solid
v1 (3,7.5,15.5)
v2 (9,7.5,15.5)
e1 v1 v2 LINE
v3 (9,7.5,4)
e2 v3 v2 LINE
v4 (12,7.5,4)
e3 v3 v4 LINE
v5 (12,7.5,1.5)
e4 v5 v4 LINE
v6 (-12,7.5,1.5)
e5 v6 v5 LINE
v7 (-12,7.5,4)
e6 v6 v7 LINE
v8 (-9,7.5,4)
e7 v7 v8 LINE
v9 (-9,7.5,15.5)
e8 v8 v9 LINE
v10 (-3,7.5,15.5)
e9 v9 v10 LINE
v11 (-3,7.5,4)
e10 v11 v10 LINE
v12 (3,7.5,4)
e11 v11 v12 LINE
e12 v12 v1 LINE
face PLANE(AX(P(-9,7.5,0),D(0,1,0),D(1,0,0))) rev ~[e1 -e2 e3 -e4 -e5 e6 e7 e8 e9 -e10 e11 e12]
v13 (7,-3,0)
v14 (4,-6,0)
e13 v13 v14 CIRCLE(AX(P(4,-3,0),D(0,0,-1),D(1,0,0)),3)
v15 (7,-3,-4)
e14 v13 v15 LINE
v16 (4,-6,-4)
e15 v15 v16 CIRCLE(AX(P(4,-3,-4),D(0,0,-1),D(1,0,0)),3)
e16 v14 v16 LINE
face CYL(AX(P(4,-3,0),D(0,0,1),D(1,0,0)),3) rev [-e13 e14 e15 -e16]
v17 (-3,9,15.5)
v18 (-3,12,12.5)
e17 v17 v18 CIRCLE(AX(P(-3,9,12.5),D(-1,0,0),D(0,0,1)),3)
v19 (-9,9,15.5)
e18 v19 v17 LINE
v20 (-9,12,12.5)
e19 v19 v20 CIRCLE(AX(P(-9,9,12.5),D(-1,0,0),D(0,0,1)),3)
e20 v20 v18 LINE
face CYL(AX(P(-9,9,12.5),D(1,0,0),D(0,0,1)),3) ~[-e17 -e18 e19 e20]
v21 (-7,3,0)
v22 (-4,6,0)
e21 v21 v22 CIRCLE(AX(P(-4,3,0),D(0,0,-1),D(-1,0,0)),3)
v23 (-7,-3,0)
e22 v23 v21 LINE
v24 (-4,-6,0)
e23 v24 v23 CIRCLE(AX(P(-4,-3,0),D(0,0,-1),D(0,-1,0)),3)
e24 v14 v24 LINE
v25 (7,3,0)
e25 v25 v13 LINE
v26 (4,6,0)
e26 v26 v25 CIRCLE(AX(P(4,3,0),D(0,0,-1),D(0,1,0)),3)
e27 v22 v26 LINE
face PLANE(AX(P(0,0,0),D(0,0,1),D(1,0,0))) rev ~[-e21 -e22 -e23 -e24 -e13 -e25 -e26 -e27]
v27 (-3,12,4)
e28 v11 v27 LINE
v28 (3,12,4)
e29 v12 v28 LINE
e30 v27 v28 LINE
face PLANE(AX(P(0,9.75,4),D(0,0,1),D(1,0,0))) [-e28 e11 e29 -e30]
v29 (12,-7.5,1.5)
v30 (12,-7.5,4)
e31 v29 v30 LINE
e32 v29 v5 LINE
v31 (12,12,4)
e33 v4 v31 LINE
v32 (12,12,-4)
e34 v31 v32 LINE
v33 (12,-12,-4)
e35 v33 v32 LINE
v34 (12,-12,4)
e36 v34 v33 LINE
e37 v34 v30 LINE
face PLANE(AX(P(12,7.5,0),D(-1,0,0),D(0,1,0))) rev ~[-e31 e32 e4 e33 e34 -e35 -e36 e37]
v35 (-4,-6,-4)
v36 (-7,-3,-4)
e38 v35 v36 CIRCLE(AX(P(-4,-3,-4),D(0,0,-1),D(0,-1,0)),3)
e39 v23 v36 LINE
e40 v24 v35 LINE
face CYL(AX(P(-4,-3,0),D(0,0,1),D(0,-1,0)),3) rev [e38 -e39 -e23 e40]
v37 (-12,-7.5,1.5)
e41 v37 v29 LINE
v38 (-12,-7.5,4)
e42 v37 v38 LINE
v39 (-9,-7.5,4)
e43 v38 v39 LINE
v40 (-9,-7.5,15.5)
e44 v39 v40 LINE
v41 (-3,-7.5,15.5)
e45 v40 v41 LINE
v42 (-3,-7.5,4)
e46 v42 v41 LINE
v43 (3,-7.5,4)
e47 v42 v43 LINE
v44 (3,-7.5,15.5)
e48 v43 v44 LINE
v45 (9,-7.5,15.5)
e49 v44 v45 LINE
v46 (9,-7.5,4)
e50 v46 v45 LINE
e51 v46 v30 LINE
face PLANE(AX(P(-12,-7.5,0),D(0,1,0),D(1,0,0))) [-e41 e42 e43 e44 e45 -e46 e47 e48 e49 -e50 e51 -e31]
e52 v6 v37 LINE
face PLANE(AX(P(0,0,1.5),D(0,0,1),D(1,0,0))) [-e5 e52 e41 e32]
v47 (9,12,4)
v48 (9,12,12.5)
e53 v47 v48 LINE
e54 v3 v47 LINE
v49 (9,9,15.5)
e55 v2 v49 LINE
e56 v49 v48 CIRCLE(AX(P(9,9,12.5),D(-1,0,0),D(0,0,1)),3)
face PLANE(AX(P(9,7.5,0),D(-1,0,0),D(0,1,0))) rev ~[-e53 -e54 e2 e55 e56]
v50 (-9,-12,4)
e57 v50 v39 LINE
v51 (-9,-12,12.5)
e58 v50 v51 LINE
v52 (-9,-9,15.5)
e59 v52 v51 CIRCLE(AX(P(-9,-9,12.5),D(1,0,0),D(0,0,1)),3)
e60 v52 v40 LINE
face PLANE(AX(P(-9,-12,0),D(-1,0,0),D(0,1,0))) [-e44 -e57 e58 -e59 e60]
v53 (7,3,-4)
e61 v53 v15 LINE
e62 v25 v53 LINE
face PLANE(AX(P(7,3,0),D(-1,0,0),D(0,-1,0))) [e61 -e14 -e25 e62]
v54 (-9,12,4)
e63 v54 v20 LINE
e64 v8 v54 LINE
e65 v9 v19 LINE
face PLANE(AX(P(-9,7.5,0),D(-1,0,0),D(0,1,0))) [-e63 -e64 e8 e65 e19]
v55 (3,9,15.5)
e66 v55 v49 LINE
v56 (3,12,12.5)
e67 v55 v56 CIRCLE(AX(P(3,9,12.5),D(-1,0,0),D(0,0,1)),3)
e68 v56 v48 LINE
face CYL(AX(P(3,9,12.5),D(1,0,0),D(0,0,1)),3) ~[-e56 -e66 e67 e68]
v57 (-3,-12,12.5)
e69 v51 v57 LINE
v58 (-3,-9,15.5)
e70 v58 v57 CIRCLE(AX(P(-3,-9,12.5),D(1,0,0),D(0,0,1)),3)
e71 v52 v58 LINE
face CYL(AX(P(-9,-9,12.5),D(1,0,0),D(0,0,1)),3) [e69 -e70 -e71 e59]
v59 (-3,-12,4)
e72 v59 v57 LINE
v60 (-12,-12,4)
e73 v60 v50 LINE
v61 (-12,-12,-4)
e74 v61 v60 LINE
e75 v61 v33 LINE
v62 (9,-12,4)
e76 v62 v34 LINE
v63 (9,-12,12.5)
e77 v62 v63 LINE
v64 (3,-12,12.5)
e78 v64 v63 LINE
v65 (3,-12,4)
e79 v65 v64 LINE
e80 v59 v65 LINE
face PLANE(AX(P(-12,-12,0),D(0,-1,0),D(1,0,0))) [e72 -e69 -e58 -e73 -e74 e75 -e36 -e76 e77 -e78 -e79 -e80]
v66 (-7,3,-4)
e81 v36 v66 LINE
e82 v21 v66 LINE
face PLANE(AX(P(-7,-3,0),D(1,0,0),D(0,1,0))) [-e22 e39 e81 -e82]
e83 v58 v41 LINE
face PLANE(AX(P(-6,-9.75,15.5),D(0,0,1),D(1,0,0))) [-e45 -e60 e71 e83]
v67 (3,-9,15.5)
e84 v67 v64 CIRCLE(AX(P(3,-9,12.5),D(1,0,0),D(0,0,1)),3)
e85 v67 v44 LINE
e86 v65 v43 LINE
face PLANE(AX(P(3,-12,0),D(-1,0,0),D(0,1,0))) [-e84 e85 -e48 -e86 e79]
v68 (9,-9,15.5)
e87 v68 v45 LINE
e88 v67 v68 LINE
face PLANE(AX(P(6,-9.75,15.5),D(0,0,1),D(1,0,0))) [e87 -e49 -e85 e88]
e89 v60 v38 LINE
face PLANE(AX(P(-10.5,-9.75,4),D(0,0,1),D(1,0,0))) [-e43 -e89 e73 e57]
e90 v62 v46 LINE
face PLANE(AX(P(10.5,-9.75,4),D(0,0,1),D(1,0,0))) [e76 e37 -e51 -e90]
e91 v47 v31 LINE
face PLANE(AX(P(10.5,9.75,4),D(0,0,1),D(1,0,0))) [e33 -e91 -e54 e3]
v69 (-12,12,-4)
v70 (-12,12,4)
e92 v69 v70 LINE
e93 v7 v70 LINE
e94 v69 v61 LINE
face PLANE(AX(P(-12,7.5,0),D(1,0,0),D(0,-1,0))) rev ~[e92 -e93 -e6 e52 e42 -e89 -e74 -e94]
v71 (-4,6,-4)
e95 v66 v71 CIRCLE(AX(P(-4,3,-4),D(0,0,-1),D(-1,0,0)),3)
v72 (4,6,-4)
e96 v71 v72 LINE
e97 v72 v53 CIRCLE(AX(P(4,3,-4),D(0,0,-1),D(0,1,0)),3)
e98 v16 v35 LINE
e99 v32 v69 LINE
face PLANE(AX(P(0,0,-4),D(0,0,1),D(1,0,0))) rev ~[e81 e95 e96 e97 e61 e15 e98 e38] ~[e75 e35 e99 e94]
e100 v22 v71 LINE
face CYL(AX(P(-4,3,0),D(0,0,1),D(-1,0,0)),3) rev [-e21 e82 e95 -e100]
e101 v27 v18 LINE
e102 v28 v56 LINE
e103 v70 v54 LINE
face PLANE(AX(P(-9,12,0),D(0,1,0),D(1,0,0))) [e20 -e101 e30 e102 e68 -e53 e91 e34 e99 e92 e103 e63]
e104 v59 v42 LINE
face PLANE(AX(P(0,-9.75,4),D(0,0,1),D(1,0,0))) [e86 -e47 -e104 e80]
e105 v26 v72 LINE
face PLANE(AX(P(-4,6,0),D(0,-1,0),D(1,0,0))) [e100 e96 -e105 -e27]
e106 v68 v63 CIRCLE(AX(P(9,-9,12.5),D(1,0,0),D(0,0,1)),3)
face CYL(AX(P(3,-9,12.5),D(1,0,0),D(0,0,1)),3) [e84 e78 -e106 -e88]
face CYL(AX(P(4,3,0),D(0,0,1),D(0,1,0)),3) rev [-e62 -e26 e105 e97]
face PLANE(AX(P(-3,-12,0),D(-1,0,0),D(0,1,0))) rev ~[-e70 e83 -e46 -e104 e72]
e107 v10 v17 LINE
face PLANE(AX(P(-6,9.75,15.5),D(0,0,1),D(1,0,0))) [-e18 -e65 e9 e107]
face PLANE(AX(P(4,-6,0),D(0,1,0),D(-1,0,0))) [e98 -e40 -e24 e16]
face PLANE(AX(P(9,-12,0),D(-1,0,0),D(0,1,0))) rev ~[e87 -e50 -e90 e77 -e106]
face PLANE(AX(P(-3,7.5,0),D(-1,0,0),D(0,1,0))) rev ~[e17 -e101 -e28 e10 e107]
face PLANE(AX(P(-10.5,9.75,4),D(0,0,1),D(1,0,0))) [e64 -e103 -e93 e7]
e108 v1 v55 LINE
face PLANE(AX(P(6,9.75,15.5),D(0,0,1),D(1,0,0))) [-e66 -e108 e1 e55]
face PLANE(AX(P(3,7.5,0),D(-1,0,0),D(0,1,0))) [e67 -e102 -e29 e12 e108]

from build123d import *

# Parameters (mm, degrees)
F0_W     = 3
F0_H     = 4.5
F0_W_2   = 6
F1_DEPTH = 4
F2_DEPTH = 1.5
F3_DEPTH = 4
F4_DEPTH = 15.5
F5_R     = 3


with BuildPart() as f1:
    # F0 (on Top) → F1 (new body)
    with BuildSketch(Plane.XY):
        Polygon((12, -7.5), (12, 7.5), (9, 7.5), (3, 7.5), (-3, 7.5), (-9, 7.5), (-12, 7.5), (-12, -7.5), (-9, -7.5), (-3, -7.5), (3, -7.5), (9, -7.5), align=None)
        with BuildLine():
            ThreePointArc((7, -3), (6.1213203436, -5.1213203436), (4, -6))
            Line((4, -6), (-4, -6))
            ThreePointArc((-4, -6), (-6.1213203436, -5.1213203436), (-7, -3))
            Line((-7, -3), (-7, 3))
            ThreePointArc((-7, 3), (-6.1213203436, 5.1213203436), (-4, 6))
            Line((-4, 6), (4, 6))
            ThreePointArc((4, 6), (6.1213203436, 5.1213203436), (7, 3))
            Line((7, 3), (7, -3))
        make_face(mode=Mode.SUBTRACT)
        with Locations((10.5, -9.75)):
            Rectangle(F0_W, F0_H)
        with Locations((6, -9.75)):
            Rectangle(F0_W_2, F0_H)
        with Locations((0, -9.75)):
            Rectangle(F0_W_2, F0_H)
        with Locations((-6, -9.75)):
            Rectangle(F0_W_2, F0_H)
        with Locations((-10.5, -9.75)):
            Rectangle(F0_W, F0_H)
        with Locations((-10.5, 9.75)):
            Rectangle(F0_W, F0_H)
        with Locations((-6, 9.75)):
            Rectangle(F0_W_2, F0_H)
        with Locations((0, 9.75)):
            Rectangle(F0_W_2, F0_H)
        with Locations((6, 9.75)):
            Rectangle(F0_W_2, F0_H)
        with Locations((10.5, 9.75)):
            Rectangle(F0_W, F0_H)
    extrude(amount=-F1_DEPTH)

    # F0 (on Top) → F2 (join)
    with BuildSketch(Plane.XY):
        Polygon((12, -7.5), (12, 7.5), (9, 7.5), (3, 7.5), (-3, 7.5), (-9, 7.5), (-12, 7.5), (-12, -7.5), (-9, -7.5), (-3, -7.5), (3, -7.5), (9, -7.5), align=None)
        with BuildLine():
            ThreePointArc((7, -3), (6.1213203436, -5.1213203436), (4, -6))
            Line((4, -6), (-4, -6))
            ThreePointArc((-4, -6), (-6.1213203436, -5.1213203436), (-7, -3))
            Line((-7, -3), (-7, 3))
            ThreePointArc((-7, 3), (-6.1213203436, 5.1213203436), (-4, 6))
            Line((-4, 6), (4, 6))
            ThreePointArc((4, 6), (6.1213203436, 5.1213203436), (7, 3))
            Line((7, 3), (7, -3))
        make_face(mode=Mode.SUBTRACT)
        with BuildLine():
            Line((-4, -6), (4, -6))
            ThreePointArc((4, -6), (6.1213203436, -5.1213203436), (7, -3))
            Line((7, -3), (7, 3))
            ThreePointArc((7, 3), (6.1213203436, 5.1213203436), (4, 6))
            Line((4, 6), (-4, 6))
            ThreePointArc((-4, 6), (-6.1213203436, 5.1213203436), (-7, 3))
            Line((-7, 3), (-7, -3))
            ThreePointArc((-7, -3), (-6.1213203436, -5.1213203436), (-4, -6))
        make_face()
    extrude(amount=F2_DEPTH)

    # F0 (on Top) → F3 (join)
    with BuildSketch(Plane.XY):
        with Locations((10.5, 9.75)):
            Rectangle(F0_W, F0_H)
        with Locations((0, 9.75)):
            Rectangle(F0_W_2, F0_H)
        with Locations((-10.5, 9.75)):
            Rectangle(F0_W, F0_H)
        with Locations((-10.5, -9.75)):
            Rectangle(F0_W, F0_H)
        with Locations((0, -9.75)):
            Rectangle(F0_W_2, F0_H)
        with Locations((10.5, -9.75)):
            Rectangle(F0_W, F0_H)
    extrude(amount=F3_DEPTH)

    # F0 (on Top) → F4 (join)
    with BuildSketch(Plane.XY):
        with Locations((-6, 9.75)):
            Rectangle(F0_W_2, F0_H)
        with Locations((6, 9.75)):
            Rectangle(F0_W_2, F0_H)
        with Locations((6, -9.75)):
            Rectangle(F0_W_2, F0_H)
        with Locations((-6, -9.75)):
            Rectangle(F0_W_2, F0_H)
    extrude(amount=F4_DEPTH)

    # F5
    f5_edges = [f1.edges().sort_by_distance(p)[0] for p in [
        (6, 12, 15.5),
        (-6, 12, 15.5),
        (6, -12, 15.5),
        (-6, -12, 15.5),
    ]]
    fillet(f5_edges, radius=F5_R)


solid = f1.part
